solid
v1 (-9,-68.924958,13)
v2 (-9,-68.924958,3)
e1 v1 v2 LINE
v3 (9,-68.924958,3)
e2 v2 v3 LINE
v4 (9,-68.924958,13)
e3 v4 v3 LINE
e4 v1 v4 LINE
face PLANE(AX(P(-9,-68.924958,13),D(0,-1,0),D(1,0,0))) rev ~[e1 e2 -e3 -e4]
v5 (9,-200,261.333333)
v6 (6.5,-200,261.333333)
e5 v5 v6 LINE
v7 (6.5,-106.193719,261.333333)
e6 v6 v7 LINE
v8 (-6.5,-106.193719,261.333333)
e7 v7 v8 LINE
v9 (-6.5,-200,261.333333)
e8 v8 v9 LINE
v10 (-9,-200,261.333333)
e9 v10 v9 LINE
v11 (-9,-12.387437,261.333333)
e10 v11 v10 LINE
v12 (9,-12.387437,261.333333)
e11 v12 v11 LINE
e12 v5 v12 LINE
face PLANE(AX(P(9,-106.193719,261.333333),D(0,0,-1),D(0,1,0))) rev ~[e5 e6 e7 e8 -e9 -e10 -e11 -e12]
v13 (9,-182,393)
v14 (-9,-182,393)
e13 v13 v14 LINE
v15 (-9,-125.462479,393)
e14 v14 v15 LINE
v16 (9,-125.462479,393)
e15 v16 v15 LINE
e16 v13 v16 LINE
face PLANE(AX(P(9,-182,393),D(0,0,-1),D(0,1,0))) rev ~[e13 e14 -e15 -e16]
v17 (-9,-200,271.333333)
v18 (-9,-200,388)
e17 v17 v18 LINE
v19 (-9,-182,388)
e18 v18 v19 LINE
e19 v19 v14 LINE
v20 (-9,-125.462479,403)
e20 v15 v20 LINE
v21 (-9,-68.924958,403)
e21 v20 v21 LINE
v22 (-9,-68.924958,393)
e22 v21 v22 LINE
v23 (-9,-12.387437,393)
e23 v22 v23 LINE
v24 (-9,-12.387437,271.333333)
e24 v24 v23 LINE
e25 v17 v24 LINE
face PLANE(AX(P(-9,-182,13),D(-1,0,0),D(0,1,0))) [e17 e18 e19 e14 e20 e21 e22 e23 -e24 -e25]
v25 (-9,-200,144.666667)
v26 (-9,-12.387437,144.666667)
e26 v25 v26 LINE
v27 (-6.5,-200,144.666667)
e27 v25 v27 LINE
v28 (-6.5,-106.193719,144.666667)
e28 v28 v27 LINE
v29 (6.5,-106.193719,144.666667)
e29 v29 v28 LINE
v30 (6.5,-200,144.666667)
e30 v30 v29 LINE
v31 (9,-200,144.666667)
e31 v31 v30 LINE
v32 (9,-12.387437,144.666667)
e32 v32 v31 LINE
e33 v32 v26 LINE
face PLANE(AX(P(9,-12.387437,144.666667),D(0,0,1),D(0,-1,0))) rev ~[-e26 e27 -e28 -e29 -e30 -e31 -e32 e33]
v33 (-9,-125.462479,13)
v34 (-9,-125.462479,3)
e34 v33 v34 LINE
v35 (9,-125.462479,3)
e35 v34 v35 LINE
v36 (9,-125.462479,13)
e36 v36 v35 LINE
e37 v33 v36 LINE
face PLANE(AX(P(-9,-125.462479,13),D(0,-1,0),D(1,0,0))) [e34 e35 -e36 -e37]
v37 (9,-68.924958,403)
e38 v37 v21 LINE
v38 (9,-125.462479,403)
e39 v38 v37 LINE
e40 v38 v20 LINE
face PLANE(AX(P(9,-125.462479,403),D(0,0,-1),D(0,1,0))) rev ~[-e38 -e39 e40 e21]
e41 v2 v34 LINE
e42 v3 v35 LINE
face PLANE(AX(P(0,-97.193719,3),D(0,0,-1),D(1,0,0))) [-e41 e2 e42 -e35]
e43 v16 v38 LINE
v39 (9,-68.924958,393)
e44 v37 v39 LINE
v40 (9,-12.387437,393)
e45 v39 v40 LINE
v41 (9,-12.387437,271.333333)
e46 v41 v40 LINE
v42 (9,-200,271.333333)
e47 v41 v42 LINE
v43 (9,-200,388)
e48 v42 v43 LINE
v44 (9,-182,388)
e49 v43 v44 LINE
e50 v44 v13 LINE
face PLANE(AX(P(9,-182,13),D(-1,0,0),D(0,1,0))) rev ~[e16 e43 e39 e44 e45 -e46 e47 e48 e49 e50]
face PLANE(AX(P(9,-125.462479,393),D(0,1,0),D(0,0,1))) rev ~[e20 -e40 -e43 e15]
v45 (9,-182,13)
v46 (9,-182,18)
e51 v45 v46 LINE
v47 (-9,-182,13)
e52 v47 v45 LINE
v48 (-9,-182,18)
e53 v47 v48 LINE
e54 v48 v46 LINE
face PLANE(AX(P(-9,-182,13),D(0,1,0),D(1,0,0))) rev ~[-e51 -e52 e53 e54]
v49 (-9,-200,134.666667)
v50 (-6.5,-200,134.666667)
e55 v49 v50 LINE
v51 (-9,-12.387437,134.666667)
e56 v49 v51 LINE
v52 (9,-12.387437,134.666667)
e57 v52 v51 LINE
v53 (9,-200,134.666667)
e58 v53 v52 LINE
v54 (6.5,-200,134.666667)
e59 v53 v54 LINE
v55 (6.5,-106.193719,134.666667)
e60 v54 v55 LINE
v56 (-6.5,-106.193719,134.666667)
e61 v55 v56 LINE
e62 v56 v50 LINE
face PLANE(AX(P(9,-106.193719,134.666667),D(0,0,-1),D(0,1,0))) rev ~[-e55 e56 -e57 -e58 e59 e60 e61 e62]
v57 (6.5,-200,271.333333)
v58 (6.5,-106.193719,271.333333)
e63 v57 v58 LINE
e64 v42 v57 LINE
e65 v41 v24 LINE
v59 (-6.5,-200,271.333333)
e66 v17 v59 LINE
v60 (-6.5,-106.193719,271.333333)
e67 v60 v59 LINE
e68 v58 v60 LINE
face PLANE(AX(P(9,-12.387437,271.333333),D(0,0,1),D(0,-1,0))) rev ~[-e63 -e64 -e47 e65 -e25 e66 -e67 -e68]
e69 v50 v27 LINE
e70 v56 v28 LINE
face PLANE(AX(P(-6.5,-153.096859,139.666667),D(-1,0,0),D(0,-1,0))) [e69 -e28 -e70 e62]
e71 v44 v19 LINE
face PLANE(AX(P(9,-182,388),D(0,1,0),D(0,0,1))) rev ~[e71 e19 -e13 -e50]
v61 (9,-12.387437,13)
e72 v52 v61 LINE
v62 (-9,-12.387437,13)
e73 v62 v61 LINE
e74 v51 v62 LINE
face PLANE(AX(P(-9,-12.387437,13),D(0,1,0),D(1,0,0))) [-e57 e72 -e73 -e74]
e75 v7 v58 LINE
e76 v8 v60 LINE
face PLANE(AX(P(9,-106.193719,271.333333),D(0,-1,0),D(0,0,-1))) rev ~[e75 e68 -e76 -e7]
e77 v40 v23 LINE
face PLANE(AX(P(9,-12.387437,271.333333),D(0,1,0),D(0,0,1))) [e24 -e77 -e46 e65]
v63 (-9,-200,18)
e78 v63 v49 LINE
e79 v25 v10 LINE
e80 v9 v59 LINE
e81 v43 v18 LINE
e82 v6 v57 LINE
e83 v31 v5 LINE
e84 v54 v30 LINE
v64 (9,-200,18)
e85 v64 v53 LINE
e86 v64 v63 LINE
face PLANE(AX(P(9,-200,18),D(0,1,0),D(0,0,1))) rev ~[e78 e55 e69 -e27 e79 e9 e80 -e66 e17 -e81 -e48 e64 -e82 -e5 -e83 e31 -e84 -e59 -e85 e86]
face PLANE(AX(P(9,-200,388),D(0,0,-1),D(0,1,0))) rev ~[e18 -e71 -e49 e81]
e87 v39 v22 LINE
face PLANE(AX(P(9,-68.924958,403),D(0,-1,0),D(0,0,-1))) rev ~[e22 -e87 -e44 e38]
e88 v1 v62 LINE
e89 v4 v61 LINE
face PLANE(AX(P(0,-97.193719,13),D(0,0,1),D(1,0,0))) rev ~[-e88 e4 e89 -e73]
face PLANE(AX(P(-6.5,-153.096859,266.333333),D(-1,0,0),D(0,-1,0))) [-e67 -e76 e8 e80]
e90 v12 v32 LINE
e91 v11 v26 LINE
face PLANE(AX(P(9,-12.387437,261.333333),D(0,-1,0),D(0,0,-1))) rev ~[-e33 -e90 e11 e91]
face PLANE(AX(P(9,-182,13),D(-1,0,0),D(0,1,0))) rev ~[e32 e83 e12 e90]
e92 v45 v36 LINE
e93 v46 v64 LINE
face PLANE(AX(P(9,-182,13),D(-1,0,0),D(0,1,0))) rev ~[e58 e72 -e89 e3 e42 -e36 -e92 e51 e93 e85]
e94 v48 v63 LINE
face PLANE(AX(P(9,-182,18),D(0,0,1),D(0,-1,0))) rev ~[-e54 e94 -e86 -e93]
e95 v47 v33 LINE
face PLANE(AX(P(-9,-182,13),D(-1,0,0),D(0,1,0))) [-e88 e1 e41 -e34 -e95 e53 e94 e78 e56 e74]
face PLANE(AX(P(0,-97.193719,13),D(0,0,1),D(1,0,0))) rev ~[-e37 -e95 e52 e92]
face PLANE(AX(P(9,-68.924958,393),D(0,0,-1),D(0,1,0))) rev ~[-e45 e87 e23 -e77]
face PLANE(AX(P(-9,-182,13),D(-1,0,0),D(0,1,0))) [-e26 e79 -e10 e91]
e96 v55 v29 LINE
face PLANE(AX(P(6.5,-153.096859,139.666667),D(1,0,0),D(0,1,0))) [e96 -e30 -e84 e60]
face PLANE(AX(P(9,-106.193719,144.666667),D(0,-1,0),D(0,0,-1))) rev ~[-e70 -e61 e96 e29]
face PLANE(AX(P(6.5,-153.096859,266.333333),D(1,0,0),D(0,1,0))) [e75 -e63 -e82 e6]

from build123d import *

# Parameters (mm, degrees)
SKETCH004_W     = 18
SKETCH004_H     = 169.6125627158
PAD003_DEPTH    = 5
SKETCH005_W     = 18
SKETCH005_H     = 56.5375209053
PAD004_DEPTH    = 10
PAD005_DEPTH    = 18
SKETCH007_W     = 93.8062813579
SKETCH007_H     = 10
POCKET_DEPTH    = 2.5
SKETCH008_W     = 93.8062813579
SKETCH008_H     = 10
POCKET001_DEPTH = 2.5


with BuildPart() as part:
    # Sketch004 → Pad003 (new body)
    with BuildSketch(Plane.XY):
        with Locations((0, -97.1937186421)):
            Rectangle(SKETCH004_W, SKETCH004_H)
    extrude(amount=PAD003_DEPTH)

    # Sketch005 (on Face5 of Pad003) → Pad004 (join)
    with BuildSketch(Plane(origin=(0, 0, 0), x_dir=(1, 0, 0), z_dir=(0, 0, -1))):
        with Locations((0, 97.1937186421)):
            Rectangle(SKETCH005_W, SKETCH005_H)
    extrude(amount=PAD004_DEPTH)

    # Sketch006 (on Face9 of Pad004) → Pad005 (join)
    with BuildSketch(Plane.YZ.offset(9)):
        Polygon((-12.3874372842, 0), (-68.9249581895, 0), (-68.9249581895, -10), (-125.4624790947, -10), (-125.4624790947, 0), (-182, 0), (-182, 5), (-200, 5), (-200, 375), (-182, 375), (-182, 380), (-125.4624790947, 380), (-125.4624790947, 390), (-68.9249581895, 390), (-68.9249581895, 380), (-12.3874372842, 380), (-12.3874372842, 375), (-12.3874372842, 258.3333333333), (-106.1937186421, 258.3333333333), (-106.1937186421, 248.3333333333), (-12.3874372842, 248.3333333333), (-12.3874372842, 131.6666666667), (-106.1937186421, 131.6666666667), (-106.1937186421, 121.6666666667), (-12.3874372842, 121.6666666667), (-12.3874372842, 5), align=None)
    extrude(amount=-PAD005_DEPTH)

    # Sketch007 (on Face11 of Pad005) → Pocket (cut)
    with BuildSketch(Plane.YZ.offset(9)):
        with Locations((-153.0968593211, 253.3333333333)):
            Rectangle(SKETCH007_W, SKETCH007_H)
        with Locations((-153.0968593211, 126.6666666667)):
            Rectangle(SKETCH007_W, SKETCH007_H)
    extrude(amount=-POCKET_DEPTH, mode=Mode.SUBTRACT)

    # Sketch008 (on Face9 of Pocket) → Pocket001 (cut)
    with BuildSketch(Plane(origin=(-9, 0, 0), x_dir=(0, -1, 0), z_dir=(-1, 0, 0))):
        with Locations((153.0968593211, 126.6666666667)):
            Rectangle(SKETCH008_W, SKETCH008_H)
        with Locations((153.0968593211, 253.3333333333)):
            Rectangle(SKETCH008_W, SKETCH008_H)
    extrude(amount=-POCKET001_DEPTH, mode=Mode.SUBTRACT)


with BuildPart() as part_1:
    # Body004 placement: moved
    add(part.part.moved(Location((0, 0, 13))))


solid = part_1.part
